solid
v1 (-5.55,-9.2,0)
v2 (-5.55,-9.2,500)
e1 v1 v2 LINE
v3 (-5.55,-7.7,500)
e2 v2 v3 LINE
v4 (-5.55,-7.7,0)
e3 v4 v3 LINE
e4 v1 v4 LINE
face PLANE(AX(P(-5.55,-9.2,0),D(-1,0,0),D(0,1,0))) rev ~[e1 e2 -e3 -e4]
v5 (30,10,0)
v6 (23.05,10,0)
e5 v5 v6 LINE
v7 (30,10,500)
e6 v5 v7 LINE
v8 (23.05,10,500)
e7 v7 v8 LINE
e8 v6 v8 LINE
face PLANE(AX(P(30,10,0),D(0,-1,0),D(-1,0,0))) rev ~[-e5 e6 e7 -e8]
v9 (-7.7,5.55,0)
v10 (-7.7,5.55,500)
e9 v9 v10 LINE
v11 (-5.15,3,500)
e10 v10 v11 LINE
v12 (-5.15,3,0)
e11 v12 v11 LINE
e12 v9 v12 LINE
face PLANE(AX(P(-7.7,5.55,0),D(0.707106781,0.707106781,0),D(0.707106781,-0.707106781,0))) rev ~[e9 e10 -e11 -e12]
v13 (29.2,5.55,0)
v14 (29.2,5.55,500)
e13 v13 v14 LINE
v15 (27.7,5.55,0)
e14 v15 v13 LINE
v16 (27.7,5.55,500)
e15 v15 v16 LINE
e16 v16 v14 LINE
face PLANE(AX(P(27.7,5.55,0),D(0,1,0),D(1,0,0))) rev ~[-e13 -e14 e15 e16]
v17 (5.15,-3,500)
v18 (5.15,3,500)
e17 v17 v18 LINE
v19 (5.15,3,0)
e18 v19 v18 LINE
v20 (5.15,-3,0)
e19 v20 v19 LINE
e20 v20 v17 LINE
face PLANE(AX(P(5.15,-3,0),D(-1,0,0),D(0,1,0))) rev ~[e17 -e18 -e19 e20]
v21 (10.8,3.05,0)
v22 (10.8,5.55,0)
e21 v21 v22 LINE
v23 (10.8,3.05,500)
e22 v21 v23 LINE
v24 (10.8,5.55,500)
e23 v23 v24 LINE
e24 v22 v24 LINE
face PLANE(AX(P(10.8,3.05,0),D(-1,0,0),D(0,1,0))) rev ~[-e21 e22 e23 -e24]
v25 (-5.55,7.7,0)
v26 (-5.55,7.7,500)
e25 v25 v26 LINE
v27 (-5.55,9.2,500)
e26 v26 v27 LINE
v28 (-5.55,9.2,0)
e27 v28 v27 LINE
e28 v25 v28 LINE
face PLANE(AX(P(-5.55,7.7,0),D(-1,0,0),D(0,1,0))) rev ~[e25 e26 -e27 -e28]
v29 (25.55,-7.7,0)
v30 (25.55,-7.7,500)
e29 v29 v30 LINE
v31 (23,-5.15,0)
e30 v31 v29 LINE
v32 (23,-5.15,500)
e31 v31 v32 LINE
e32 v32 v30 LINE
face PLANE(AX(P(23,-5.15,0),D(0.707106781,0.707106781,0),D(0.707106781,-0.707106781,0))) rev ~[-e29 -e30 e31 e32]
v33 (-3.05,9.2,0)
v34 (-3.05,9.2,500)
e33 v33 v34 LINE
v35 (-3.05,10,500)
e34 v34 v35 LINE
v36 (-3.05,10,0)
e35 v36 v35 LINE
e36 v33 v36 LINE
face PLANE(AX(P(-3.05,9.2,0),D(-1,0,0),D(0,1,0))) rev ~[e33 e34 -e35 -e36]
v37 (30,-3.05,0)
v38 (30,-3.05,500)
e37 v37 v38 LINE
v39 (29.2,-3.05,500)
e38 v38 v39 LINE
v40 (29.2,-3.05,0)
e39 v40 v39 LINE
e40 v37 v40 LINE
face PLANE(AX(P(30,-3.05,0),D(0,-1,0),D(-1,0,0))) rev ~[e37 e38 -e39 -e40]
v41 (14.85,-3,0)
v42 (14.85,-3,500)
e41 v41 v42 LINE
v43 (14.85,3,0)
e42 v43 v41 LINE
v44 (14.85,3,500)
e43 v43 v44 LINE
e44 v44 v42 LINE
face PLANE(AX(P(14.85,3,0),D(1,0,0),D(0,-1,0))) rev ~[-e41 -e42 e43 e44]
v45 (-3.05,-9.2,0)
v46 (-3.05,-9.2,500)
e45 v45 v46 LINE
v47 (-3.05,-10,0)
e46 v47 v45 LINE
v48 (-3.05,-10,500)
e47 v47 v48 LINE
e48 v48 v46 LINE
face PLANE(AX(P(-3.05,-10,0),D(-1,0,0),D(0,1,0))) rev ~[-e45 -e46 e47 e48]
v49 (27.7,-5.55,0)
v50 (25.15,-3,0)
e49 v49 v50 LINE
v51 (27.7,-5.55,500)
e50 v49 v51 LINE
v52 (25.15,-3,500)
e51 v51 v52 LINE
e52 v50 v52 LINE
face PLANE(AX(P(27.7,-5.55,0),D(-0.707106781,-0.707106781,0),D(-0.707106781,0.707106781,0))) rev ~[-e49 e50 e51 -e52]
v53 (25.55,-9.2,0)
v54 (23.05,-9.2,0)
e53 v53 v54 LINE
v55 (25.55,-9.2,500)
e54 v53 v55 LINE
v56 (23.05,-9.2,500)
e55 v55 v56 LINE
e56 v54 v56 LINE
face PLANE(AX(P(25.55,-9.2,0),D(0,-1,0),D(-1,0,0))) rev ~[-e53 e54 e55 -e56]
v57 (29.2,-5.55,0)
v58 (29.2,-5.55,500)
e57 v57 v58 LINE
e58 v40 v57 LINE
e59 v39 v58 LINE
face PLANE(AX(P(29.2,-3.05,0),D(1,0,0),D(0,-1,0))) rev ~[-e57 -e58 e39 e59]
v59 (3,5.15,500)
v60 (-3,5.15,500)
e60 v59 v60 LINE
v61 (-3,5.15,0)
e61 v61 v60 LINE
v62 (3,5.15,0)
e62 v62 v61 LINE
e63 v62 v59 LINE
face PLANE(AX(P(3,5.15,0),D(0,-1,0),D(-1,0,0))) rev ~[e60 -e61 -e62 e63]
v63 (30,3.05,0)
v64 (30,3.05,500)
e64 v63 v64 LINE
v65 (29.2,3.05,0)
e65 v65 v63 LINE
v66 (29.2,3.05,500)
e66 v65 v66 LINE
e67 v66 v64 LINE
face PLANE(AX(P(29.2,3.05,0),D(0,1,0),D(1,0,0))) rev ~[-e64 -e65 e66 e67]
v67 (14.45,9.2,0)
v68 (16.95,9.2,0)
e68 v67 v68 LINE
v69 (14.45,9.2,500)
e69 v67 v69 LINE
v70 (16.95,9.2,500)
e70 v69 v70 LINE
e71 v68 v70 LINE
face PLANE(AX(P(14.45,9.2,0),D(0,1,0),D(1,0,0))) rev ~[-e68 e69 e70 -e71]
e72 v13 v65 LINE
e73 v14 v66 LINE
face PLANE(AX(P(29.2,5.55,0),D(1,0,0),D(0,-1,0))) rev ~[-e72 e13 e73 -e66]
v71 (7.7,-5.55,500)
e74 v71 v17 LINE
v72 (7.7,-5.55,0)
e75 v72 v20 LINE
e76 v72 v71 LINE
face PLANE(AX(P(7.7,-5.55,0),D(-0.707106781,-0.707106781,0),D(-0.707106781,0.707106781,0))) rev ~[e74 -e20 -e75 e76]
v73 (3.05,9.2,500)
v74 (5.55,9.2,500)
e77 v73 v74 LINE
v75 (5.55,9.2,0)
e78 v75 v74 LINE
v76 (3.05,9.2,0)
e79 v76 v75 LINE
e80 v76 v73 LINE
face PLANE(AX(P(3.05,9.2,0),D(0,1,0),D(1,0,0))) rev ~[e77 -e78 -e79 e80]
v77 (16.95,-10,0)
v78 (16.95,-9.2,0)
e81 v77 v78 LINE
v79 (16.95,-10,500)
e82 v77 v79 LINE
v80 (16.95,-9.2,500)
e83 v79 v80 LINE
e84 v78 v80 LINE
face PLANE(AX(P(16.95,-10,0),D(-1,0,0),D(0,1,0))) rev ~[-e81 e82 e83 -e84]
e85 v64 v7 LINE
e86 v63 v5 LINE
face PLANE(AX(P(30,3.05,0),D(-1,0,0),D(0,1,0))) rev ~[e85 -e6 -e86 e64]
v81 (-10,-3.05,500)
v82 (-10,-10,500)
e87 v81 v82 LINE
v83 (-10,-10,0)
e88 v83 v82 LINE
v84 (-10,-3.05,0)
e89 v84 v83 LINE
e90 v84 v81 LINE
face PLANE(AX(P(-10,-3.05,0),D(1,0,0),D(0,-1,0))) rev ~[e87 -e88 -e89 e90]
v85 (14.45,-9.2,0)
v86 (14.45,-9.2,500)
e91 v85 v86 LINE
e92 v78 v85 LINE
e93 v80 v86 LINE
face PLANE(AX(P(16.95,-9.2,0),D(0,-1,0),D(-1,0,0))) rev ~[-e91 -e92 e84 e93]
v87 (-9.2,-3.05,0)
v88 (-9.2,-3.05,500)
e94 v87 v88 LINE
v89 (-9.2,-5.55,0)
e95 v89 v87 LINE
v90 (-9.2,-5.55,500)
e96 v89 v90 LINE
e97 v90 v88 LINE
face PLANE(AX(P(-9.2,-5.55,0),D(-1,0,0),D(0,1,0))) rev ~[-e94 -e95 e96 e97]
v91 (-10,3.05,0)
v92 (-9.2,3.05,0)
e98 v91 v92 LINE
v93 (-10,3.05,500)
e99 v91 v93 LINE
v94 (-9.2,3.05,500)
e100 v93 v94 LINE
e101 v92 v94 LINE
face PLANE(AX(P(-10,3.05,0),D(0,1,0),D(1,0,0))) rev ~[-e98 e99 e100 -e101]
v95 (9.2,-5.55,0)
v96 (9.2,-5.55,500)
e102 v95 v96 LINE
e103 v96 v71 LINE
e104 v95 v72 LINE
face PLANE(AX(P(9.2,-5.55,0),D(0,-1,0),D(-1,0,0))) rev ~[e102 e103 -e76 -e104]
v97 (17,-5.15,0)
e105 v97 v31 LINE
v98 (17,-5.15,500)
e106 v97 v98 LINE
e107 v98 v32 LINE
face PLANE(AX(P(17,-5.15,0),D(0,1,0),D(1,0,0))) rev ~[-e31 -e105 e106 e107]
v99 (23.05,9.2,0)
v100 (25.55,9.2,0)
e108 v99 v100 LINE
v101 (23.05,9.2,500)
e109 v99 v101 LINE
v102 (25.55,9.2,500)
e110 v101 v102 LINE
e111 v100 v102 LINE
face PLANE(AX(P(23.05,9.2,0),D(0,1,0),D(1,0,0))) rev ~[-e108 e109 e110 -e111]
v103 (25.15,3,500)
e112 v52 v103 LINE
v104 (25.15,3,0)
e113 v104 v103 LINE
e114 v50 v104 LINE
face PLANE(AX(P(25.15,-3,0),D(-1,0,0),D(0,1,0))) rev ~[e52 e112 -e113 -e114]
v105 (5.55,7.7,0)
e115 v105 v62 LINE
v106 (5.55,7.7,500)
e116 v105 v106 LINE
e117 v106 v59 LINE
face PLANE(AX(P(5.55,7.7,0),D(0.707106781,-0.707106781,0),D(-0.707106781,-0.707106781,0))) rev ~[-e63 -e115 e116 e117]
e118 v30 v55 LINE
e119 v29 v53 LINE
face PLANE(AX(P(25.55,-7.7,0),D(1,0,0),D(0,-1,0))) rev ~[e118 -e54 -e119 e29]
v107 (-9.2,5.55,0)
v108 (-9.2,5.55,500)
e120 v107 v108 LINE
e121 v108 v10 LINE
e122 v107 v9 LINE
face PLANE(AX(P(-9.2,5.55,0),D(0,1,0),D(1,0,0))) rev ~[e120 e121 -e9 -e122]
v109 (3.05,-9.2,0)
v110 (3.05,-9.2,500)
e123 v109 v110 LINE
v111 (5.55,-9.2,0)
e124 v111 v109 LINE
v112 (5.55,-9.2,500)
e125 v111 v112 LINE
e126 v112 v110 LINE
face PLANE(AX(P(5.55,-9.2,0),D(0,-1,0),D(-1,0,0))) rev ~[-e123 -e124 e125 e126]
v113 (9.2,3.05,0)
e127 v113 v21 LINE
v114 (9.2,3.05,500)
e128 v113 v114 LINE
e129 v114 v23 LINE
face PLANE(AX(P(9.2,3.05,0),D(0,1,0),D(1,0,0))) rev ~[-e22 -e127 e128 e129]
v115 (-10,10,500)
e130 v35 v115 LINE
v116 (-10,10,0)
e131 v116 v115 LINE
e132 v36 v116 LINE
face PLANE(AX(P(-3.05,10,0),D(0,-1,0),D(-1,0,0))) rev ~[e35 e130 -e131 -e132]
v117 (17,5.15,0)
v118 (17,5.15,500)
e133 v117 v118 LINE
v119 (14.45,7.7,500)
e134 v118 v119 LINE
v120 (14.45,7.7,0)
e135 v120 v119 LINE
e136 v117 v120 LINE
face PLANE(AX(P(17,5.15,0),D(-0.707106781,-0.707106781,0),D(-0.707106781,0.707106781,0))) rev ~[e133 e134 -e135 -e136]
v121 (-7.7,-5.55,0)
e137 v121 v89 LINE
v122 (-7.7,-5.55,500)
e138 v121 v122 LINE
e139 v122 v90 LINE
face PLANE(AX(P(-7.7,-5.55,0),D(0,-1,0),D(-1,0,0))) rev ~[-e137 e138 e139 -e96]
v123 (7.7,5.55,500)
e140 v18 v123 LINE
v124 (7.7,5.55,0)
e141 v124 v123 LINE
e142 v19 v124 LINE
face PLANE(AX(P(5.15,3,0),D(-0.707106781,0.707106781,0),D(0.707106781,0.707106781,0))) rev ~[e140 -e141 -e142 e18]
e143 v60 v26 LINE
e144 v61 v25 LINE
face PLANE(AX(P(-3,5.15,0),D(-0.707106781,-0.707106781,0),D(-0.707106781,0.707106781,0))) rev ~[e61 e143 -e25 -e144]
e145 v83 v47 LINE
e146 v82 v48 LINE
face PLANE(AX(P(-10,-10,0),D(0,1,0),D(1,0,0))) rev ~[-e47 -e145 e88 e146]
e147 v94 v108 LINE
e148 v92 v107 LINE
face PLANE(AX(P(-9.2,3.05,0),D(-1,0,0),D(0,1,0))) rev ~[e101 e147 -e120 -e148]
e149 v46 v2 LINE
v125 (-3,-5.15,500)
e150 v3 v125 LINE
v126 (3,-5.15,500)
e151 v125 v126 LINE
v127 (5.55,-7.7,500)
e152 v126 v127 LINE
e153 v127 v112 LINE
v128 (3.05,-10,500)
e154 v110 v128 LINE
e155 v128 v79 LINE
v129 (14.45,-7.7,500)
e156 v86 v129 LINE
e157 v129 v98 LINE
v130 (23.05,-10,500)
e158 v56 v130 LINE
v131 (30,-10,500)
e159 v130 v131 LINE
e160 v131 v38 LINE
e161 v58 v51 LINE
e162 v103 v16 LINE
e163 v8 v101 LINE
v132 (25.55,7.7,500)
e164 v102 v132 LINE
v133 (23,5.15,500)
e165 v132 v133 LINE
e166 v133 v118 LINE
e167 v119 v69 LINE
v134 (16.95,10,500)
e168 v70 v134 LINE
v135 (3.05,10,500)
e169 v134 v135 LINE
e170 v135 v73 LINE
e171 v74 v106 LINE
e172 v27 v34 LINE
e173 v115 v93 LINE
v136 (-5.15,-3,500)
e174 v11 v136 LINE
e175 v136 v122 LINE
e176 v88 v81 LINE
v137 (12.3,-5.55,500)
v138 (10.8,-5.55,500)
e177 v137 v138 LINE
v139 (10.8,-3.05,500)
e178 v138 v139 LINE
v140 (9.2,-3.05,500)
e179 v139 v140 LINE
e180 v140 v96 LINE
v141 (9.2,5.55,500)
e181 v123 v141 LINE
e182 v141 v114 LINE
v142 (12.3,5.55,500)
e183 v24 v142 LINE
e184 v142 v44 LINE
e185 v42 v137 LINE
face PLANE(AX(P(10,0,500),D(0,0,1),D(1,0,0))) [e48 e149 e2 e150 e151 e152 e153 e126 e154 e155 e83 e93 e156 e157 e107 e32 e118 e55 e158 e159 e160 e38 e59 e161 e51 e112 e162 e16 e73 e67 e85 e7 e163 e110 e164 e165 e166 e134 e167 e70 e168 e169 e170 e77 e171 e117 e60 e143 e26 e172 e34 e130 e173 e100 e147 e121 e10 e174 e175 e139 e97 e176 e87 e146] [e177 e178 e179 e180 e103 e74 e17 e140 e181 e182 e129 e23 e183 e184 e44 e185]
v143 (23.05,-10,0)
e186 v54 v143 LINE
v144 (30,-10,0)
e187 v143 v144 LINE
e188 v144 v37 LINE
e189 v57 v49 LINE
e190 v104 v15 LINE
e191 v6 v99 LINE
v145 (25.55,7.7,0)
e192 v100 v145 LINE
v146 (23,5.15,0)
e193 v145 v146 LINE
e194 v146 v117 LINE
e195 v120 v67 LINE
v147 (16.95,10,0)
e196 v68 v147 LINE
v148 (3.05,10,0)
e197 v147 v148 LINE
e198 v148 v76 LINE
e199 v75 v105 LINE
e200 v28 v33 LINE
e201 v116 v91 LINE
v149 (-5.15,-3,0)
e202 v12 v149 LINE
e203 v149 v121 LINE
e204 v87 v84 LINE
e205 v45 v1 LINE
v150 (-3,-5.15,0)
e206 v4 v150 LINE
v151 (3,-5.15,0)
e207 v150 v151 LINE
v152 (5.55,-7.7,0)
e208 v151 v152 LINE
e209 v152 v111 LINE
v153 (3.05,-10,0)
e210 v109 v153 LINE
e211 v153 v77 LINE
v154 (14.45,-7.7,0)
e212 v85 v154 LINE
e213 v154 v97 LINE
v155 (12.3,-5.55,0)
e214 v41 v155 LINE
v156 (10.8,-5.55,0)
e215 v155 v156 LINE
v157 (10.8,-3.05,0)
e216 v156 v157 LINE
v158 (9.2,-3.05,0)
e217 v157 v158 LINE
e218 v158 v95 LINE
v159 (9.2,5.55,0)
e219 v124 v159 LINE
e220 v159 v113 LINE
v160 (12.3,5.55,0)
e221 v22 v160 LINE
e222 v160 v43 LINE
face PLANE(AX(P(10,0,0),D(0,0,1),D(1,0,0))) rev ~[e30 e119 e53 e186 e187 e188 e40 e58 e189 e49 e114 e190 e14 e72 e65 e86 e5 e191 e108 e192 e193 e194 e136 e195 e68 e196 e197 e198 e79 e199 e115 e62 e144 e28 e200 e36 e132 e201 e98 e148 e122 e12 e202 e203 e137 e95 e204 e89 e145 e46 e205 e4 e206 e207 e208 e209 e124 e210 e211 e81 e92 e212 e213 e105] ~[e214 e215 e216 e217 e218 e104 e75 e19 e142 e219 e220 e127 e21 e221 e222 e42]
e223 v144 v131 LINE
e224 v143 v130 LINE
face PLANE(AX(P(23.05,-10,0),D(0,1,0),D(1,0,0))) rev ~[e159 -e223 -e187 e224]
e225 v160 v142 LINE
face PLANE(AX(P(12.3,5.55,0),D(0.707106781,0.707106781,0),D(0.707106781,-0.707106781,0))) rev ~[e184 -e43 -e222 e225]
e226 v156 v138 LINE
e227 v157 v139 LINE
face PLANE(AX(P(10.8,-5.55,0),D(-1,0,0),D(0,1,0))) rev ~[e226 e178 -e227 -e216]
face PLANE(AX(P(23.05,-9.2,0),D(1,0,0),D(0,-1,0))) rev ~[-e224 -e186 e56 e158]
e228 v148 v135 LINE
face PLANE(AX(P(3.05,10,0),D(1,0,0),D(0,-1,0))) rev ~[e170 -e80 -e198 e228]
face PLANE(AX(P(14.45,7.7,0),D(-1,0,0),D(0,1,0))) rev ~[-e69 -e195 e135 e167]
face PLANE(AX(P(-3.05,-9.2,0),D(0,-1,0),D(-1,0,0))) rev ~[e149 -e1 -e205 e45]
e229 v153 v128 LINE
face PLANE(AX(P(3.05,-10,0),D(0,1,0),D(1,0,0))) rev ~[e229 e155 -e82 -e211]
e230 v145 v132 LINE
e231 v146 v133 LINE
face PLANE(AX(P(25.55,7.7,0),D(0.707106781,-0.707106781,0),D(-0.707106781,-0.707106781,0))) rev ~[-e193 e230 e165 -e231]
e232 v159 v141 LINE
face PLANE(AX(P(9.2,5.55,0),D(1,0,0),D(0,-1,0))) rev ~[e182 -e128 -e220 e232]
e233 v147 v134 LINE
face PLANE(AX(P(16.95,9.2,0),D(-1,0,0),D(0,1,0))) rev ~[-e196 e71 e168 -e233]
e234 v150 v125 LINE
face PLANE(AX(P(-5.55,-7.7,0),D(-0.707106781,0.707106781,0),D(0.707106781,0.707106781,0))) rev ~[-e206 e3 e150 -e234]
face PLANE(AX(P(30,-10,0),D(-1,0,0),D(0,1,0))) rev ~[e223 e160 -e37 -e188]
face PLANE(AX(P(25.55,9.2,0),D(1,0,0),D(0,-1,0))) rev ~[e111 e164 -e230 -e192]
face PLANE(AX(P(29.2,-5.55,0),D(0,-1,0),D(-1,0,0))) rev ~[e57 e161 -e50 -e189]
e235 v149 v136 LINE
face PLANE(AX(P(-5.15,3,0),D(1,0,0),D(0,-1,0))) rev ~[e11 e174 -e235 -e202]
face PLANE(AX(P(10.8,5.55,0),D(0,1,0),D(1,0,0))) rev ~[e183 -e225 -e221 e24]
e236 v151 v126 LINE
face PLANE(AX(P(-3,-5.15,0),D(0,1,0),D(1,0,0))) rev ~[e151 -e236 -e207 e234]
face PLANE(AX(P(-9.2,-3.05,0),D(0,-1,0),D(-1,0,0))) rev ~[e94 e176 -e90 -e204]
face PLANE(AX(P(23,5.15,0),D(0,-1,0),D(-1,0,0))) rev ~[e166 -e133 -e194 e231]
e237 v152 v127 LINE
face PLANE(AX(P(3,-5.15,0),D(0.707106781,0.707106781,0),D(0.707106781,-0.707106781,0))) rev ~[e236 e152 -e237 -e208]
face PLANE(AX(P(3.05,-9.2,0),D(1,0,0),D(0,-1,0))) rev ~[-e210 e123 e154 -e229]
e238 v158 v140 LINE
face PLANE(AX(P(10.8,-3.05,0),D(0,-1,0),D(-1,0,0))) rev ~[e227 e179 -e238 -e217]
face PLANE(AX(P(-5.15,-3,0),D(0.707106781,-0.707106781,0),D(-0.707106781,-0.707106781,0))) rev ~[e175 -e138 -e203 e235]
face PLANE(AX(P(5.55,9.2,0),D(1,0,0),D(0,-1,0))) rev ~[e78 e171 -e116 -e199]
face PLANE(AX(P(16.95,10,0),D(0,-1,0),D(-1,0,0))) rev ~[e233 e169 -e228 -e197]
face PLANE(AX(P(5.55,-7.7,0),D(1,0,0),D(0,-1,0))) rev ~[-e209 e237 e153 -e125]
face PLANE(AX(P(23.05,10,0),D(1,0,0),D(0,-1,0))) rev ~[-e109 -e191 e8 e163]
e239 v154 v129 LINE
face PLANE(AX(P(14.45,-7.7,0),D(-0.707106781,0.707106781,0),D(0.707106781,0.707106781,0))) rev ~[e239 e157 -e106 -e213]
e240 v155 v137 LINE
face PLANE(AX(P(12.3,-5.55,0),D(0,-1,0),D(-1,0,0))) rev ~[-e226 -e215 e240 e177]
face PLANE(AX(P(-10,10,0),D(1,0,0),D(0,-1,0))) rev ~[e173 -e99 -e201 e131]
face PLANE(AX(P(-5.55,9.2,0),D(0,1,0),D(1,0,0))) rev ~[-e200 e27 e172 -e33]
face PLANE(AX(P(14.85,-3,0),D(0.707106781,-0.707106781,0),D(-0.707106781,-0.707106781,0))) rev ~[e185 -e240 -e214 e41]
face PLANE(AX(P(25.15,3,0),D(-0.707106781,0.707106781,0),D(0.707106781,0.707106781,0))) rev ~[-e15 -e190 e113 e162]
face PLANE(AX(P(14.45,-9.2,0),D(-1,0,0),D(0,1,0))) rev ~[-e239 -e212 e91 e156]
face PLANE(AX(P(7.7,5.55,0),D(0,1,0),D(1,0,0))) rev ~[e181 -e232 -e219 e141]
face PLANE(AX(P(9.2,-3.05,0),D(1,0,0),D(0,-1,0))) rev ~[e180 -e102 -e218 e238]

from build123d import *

# Parameters (mm, degrees)
EXTRUDE_1_DEPTH = 500


with BuildPart() as part:
    # 草图1 → 凸台-拉伸1 (new body)
    with BuildSketch(Plane.XY):
        Polygon((-10, -3.05), (-10, -10), (-3.05, -10), (-3.05, -9.2), (-5.55, -9.2), (-5.55, -7.7), (-3, -5.15), (3, -5.15), (5.55, -7.7), (5.55, -9.2), (3.05, -9.2), (3.05, -10), (16.95, -10), (16.95, -9.2), (14.45, -9.2), (14.45, -7.7), (17, -5.15), (23, -5.15), (25.55, -7.7), (25.55, -9.2), (23.05, -9.2), (23.05, -10), (30, -10), (30, -3.05), (29.2, -3.05), (29.2, -5.55), (27.7, -5.55), (25.15, -3), (25.15, 3), (27.7, 5.55), (29.2, 5.55), (29.2, 3.05), (30, 3.05), (30, 10), (23.05, 10), (23.05, 9.2), (25.55, 9.2), (25.55, 7.7), (23, 5.15), (17, 5.15), (14.45, 7.7), (14.45, 9.2), (16.95, 9.2), (16.95, 10), (3.05, 10), (3.05, 9.2), (5.55, 9.2), (5.55, 7.7), (3, 5.15), (-3, 5.15), (-5.55, 7.7), (-5.55, 9.2), (-3.05, 9.2), (-3.05, 10), (-10, 10), (-10, 3.05), (-9.2, 3.05), (-9.2, 5.55), (-7.7, 5.55), (-5.15, 3), (-5.15, -3), (-7.7, -5.55), (-9.2, -5.55), (-9.2, -3.05), align=None)
        Polygon((9.2, 3.05), (10, 3.05), (10.8, 3.05), (10.8, 5.55), (12.3, 5.55), (14.85, 3), (14.85, -3), (12.3, -5.55), (10.8, -5.55), (10.8, -3.05), (10, -3.05), (9.2, -3.05), (9.2, -5.55), (7.7, -5.55), (5.15, -3), (5.15, 3), (7.7, 5.55), (9.2, 5.55), align=None, mode=Mode.SUBTRACT)
    extrude(amount=EXTRUDE_1_DEPTH)


solid = part.part
